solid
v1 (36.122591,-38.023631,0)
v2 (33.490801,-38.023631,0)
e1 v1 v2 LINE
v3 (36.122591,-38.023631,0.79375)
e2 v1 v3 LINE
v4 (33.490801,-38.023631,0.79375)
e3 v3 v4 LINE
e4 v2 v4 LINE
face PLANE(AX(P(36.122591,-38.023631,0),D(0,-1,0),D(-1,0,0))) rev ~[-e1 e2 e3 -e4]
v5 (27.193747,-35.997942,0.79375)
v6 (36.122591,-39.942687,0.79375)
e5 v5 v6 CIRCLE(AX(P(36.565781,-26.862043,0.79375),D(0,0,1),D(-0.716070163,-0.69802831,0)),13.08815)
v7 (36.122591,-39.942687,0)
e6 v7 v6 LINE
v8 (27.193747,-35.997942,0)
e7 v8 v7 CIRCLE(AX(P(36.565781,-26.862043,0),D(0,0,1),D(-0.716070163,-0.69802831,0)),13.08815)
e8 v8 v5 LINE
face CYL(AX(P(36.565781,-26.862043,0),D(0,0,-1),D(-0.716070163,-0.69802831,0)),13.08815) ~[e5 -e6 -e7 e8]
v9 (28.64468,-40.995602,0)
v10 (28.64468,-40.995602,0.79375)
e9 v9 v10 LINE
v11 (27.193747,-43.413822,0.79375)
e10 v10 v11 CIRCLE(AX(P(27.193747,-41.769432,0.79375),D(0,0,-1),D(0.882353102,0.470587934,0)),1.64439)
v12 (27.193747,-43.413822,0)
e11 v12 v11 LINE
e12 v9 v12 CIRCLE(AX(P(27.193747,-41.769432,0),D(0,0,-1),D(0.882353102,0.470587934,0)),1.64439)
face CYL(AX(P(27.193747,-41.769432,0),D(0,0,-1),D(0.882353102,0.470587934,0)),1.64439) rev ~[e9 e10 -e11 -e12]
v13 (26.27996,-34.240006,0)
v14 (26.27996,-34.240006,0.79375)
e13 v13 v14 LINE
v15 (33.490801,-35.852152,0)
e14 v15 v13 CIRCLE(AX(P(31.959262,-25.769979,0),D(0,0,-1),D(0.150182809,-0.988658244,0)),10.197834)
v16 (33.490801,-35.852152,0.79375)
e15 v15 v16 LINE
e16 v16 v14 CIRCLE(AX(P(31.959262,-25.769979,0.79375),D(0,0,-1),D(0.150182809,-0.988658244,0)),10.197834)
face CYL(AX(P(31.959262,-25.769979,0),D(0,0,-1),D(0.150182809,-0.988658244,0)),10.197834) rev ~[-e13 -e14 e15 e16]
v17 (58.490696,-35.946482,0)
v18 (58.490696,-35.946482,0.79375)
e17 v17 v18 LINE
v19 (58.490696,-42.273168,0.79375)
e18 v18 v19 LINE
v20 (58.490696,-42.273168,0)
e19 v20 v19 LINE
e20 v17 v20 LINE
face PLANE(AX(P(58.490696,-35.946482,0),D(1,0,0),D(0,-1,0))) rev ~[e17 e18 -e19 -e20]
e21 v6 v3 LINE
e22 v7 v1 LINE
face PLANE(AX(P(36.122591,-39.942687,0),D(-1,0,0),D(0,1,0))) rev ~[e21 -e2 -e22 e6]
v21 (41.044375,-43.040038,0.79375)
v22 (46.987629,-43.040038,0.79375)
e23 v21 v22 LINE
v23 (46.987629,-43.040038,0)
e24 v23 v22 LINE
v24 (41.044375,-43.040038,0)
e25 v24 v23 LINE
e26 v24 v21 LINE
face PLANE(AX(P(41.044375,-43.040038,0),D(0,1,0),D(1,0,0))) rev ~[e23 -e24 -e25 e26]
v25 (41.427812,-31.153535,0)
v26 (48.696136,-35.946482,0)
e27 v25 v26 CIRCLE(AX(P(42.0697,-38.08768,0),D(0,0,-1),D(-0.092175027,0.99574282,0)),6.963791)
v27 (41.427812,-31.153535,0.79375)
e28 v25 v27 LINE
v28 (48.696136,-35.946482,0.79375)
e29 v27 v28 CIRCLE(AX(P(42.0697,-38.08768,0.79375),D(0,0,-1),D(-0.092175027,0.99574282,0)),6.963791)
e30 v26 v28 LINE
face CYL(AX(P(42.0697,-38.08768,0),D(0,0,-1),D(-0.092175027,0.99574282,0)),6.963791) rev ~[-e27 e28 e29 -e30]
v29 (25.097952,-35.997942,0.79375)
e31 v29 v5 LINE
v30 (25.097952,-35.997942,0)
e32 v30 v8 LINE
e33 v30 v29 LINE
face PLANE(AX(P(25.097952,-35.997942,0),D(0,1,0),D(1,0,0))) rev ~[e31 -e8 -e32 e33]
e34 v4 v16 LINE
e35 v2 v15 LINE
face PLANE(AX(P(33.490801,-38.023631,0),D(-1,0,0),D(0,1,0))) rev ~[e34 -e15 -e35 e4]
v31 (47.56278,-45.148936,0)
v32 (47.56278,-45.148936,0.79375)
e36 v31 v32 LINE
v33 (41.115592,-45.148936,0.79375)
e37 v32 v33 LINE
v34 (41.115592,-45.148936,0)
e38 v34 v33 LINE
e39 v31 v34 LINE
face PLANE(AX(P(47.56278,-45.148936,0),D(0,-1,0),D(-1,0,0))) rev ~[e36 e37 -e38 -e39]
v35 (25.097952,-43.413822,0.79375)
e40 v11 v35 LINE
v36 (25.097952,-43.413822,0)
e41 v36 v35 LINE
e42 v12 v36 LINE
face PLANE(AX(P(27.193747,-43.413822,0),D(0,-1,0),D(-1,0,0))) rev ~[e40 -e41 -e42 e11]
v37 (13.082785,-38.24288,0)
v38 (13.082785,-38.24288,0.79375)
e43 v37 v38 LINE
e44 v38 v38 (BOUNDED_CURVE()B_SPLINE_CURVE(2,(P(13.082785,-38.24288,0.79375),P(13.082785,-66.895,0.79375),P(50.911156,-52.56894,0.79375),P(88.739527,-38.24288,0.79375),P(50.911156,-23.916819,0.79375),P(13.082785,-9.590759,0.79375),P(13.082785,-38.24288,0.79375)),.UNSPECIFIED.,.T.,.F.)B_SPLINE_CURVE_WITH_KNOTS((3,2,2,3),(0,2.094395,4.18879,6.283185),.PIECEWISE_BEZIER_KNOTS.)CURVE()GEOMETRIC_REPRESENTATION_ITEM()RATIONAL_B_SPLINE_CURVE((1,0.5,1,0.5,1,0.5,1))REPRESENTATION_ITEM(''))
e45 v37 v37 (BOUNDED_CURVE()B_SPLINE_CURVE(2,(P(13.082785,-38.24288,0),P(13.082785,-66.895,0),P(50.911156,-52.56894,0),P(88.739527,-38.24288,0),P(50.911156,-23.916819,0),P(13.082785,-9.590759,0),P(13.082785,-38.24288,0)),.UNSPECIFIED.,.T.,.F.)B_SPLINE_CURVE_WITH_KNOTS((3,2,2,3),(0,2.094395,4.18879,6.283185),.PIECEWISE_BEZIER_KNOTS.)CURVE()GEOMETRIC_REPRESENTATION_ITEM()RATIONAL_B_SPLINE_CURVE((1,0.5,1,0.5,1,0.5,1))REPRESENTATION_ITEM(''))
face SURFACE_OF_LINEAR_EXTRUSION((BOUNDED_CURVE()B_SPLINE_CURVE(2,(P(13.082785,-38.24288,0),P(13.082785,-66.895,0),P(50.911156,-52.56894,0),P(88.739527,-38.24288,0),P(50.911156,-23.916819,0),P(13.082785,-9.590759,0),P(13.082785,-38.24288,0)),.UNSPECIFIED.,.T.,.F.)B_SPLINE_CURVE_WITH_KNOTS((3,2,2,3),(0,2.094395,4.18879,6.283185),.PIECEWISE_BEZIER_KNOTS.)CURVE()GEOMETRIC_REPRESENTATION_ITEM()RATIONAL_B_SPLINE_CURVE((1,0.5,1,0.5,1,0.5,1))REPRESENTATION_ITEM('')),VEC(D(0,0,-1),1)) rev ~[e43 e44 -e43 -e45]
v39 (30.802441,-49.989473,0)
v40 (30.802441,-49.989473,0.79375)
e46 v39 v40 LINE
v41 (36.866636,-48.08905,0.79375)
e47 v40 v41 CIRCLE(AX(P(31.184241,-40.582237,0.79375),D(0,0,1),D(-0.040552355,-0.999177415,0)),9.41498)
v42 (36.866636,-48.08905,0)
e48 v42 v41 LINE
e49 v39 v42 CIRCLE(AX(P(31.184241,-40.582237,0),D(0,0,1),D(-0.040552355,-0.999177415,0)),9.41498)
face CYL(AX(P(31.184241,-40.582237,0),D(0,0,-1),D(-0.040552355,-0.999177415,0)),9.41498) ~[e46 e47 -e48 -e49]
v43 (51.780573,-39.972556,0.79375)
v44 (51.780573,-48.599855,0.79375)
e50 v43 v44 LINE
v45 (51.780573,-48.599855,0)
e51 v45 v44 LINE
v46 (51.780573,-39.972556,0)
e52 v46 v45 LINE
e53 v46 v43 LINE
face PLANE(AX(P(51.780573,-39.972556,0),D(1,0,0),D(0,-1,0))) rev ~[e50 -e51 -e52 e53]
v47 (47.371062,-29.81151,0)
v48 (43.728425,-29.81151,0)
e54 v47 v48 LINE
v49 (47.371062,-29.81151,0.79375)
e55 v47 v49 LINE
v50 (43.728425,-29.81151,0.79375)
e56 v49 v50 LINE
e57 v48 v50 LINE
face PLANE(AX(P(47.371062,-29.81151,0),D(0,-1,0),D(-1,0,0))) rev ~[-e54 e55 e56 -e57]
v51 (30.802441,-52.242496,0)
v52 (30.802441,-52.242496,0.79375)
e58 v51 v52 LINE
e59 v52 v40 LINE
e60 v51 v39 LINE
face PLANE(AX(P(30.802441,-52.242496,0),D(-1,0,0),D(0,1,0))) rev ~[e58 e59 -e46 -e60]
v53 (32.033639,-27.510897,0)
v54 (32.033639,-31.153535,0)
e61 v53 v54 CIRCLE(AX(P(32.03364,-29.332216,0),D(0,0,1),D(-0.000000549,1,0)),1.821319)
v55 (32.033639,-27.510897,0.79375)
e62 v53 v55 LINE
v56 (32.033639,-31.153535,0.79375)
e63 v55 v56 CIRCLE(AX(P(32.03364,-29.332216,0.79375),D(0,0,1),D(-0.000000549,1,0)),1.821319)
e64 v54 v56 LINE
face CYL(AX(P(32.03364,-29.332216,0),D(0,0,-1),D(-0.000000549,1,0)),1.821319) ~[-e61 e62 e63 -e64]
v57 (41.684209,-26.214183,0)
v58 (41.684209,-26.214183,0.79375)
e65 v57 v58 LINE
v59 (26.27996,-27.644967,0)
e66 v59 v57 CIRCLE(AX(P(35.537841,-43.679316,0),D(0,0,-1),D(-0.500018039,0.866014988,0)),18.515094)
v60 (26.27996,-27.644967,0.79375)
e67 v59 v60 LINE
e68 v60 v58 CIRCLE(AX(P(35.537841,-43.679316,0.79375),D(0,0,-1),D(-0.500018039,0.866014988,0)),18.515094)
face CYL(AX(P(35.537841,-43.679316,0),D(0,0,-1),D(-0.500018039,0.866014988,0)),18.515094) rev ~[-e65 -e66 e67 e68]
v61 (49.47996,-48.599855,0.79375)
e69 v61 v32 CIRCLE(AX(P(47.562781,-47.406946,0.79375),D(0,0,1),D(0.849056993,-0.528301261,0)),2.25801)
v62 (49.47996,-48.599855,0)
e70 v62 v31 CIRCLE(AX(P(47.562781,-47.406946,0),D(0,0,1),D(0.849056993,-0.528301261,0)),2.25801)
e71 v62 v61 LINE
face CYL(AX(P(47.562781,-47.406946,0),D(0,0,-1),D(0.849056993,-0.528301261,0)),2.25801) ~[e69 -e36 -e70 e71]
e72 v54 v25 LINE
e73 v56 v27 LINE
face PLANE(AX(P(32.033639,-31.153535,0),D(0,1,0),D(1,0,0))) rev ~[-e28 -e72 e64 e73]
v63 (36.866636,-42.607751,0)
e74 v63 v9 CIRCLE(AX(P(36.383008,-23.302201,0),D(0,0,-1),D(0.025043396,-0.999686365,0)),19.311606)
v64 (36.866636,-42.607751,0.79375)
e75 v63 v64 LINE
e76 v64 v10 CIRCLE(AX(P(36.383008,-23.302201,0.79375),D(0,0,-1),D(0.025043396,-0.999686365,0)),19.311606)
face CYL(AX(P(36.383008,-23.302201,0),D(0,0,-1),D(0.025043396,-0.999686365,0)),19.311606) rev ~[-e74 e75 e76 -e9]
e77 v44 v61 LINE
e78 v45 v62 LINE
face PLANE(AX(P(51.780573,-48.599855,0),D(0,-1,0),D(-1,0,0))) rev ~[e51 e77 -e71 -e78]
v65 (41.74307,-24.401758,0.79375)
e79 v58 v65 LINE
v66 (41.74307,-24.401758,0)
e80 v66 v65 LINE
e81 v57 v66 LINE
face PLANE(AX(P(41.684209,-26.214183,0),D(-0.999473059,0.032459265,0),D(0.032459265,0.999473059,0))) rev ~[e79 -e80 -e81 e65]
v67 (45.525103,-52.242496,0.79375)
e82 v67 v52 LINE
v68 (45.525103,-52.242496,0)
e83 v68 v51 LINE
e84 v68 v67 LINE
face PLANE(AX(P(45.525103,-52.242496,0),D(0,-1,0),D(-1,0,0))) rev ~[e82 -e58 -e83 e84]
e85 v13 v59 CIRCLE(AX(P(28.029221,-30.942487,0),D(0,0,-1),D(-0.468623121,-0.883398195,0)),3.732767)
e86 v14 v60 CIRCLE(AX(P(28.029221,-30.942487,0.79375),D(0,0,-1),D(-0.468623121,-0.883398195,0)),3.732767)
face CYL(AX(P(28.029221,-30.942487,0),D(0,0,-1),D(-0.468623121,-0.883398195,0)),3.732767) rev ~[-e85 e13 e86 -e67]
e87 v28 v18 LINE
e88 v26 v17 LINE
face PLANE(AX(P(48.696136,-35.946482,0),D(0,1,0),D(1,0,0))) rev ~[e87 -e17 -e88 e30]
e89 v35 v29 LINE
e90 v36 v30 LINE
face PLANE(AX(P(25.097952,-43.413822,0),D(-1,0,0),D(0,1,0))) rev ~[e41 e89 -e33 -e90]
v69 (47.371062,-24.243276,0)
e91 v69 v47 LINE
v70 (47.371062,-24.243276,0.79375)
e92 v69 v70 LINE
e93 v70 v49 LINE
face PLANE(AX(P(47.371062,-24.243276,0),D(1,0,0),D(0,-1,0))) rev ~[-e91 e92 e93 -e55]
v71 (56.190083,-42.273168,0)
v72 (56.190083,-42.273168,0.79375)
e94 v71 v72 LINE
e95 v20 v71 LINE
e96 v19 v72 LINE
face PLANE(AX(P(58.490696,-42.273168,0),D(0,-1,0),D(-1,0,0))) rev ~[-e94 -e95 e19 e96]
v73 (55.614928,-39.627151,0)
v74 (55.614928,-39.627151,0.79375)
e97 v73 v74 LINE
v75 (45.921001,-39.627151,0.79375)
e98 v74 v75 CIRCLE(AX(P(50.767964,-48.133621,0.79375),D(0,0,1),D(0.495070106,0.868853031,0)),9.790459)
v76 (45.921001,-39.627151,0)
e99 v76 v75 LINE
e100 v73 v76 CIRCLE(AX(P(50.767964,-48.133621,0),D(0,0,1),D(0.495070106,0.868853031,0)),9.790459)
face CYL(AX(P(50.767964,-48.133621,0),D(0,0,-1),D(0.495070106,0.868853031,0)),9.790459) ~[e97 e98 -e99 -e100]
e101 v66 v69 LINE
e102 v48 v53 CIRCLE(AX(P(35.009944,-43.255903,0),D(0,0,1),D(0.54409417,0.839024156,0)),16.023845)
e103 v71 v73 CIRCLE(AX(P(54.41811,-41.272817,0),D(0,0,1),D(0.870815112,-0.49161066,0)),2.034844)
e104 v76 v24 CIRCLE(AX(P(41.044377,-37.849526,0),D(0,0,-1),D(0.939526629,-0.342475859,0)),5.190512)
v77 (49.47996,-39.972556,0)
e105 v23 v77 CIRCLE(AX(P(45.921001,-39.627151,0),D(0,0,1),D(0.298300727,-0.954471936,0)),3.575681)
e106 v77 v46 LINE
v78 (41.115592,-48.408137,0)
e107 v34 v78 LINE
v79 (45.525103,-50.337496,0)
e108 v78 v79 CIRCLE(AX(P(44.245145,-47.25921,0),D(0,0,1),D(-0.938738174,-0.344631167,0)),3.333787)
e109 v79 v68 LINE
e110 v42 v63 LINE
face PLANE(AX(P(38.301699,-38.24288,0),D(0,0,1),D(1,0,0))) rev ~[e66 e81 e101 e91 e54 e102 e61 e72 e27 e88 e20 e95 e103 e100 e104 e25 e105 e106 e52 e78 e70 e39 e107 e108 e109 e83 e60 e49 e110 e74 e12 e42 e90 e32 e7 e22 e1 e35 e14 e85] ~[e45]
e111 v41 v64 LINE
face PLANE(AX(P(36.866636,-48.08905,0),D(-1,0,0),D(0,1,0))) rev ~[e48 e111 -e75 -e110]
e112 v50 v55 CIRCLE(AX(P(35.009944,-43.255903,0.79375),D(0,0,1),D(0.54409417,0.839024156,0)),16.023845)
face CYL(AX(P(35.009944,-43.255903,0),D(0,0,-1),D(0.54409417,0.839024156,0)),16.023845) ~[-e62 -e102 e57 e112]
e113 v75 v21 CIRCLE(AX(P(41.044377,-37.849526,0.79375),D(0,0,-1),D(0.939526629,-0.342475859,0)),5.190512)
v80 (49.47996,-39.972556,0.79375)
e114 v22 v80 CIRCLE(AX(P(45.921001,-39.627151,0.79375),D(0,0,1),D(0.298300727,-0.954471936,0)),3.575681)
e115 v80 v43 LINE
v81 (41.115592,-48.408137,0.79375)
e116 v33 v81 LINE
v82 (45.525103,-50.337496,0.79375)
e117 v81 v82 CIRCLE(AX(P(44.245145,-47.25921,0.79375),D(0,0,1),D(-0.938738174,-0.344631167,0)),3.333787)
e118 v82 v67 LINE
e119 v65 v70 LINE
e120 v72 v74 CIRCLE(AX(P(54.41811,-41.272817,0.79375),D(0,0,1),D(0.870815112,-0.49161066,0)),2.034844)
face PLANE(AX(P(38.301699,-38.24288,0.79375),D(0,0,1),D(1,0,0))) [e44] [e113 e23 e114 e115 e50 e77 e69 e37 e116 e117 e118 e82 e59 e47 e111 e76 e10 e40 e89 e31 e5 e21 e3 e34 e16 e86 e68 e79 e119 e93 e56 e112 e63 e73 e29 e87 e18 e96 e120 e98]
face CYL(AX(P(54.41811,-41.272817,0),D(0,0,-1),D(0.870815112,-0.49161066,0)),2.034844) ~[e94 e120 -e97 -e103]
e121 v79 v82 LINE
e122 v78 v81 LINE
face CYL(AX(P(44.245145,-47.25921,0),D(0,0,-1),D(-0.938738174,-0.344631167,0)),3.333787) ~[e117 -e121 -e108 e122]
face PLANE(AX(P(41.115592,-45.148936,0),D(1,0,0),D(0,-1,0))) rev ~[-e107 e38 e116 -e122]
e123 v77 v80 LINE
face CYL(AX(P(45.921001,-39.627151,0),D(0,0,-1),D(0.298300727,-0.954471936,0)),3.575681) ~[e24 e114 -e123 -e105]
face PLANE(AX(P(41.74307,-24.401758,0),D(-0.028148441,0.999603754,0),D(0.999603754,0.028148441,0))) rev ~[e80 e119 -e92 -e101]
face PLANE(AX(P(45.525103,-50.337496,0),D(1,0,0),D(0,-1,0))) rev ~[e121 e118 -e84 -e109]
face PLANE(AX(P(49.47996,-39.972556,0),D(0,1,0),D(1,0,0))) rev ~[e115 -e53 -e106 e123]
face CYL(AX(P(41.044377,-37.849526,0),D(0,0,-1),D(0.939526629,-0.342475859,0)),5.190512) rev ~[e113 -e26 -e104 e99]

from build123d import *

# Parameters (mm, degrees)
F1_DEPTH = 0.79375


with BuildPart() as f1:
    # F0 (on Top) → F1 (new body)
    with BuildSketch(Plane.XY):
        with BuildLine():
            add(Edge.make_bspline(
                [(13.082785, -38.24288), (13.082785, -66.895), (50.911156, -52.56894), (88.739527, -38.24288), (50.911156, -23.916819), (13.082785, -9.590759), (13.082785, -38.24288)],
                knots=[0, 0, 0, 2.094395, 2.094395, 4.18879, 4.18879, 6.283185, 6.283185, 6.283185], degree=2, weights=[1, 0.5, 1, 0.5, 1, 0.5, 1]))
        make_face()
        with BuildLine():
            ThreePointArc((26.27996, -27.644967), (33.825485, -25.243575), (41.684209, -26.214183))
            Line((41.684209, -26.214183), (41.74307, -24.401758))
            Line((41.74307, -24.401758), (47.371062, -24.243276))
            Line((47.371062, -24.243276), (47.371062, -29.81151))
            Line((47.371062, -29.81151), (43.728425, -29.81151))
            ThreePointArc((43.728425, -29.81151), (38.102896, -27.533395), (32.033639, -27.510897))
            ThreePointArc((32.033639, -27.510897), (30.212321, -29.332216), (32.033639, -31.153535))
            Line((32.033639, -31.153535), (41.427812, -31.153535))
            ThreePointArc((41.427812, -31.153535), (45.903339, -32.27411), (48.696136, -35.946482))
            Line((48.696136, -35.946482), (58.490696, -35.946482))
            Line((58.490696, -35.946482), (58.490696, -42.273168))
            Line((58.490696, -42.273168), (56.190083, -42.273168))
            ThreePointArc((56.190083, -42.273168), (56.406522, -40.840604), (55.614928, -39.627151))
            ThreePointArc((55.614928, -39.627151), (50.767965, -38.343162), (45.921001, -39.627151))
            ThreePointArc((45.921001, -39.627151), (44.0205, -42.102067), (41.044375, -43.040038))
            Line((41.044375, -43.040038), (46.987629, -43.040038))
            ThreePointArc((46.987629, -43.040038), (48.696136, -41.88195), (49.47996, -39.972556))
            Line((49.47996, -39.972556), (51.780573, -39.972556))
            Line((51.780573, -39.972556), (51.780573, -48.599855))
            Line((51.780573, -48.599855), (49.47996, -48.599855))
            ThreePointArc((49.47996, -48.599855), (49.536636, -46.310358), (47.56278, -45.148936))
            Line((47.56278, -45.148936), (41.115592, -45.148936))
            Line((41.115592, -45.148936), (41.115592, -48.408137))
            ThreePointArc((41.115592, -48.408137), (42.908785, -50.313433), (45.525103, -50.337496))
            Line((45.525103, -50.337496), (45.525103, -52.242496))
            Line((45.525103, -52.242496), (30.802441, -52.242496))
            Line((30.802441, -52.242496), (30.802441, -49.989473))
            ThreePointArc((30.802441, -49.989473), (33.99973, -49.566383), (36.866636, -48.08905))
            Line((36.866636, -48.08905), (36.866636, -42.607751))
            ThreePointArc((36.866636, -42.607751), (32.667174, -42.252946), (28.64468, -40.995602))
            ThreePointArc((28.64468, -40.995602), (28.6038, -42.615464), (27.193747, -43.413822))
            Line((27.193747, -43.413822), (25.097952, -43.413822))
            Line((25.097952, -43.413822), (25.097952, -35.997942))
            Line((25.097952, -35.997942), (27.193747, -35.997942))
            ThreePointArc((27.193747, -35.997942), (31.27665, -38.833875), (36.122591, -39.942687))
            Line((36.122591, -39.942687), (36.122591, -38.023631))
            Line((36.122591, -38.023631), (33.490801, -38.023631))
            Line((33.490801, -38.023631), (33.490801, -35.852152))
            ThreePointArc((33.490801, -35.852152), (29.734237, -35.722119), (26.27996, -34.240006))
            ThreePointArc((26.27996, -34.240006), (24.296454, -30.942486), (26.27996, -27.644967))
        make_face(mode=Mode.SUBTRACT)
    extrude(amount=F1_DEPTH)


solid = f1.part
